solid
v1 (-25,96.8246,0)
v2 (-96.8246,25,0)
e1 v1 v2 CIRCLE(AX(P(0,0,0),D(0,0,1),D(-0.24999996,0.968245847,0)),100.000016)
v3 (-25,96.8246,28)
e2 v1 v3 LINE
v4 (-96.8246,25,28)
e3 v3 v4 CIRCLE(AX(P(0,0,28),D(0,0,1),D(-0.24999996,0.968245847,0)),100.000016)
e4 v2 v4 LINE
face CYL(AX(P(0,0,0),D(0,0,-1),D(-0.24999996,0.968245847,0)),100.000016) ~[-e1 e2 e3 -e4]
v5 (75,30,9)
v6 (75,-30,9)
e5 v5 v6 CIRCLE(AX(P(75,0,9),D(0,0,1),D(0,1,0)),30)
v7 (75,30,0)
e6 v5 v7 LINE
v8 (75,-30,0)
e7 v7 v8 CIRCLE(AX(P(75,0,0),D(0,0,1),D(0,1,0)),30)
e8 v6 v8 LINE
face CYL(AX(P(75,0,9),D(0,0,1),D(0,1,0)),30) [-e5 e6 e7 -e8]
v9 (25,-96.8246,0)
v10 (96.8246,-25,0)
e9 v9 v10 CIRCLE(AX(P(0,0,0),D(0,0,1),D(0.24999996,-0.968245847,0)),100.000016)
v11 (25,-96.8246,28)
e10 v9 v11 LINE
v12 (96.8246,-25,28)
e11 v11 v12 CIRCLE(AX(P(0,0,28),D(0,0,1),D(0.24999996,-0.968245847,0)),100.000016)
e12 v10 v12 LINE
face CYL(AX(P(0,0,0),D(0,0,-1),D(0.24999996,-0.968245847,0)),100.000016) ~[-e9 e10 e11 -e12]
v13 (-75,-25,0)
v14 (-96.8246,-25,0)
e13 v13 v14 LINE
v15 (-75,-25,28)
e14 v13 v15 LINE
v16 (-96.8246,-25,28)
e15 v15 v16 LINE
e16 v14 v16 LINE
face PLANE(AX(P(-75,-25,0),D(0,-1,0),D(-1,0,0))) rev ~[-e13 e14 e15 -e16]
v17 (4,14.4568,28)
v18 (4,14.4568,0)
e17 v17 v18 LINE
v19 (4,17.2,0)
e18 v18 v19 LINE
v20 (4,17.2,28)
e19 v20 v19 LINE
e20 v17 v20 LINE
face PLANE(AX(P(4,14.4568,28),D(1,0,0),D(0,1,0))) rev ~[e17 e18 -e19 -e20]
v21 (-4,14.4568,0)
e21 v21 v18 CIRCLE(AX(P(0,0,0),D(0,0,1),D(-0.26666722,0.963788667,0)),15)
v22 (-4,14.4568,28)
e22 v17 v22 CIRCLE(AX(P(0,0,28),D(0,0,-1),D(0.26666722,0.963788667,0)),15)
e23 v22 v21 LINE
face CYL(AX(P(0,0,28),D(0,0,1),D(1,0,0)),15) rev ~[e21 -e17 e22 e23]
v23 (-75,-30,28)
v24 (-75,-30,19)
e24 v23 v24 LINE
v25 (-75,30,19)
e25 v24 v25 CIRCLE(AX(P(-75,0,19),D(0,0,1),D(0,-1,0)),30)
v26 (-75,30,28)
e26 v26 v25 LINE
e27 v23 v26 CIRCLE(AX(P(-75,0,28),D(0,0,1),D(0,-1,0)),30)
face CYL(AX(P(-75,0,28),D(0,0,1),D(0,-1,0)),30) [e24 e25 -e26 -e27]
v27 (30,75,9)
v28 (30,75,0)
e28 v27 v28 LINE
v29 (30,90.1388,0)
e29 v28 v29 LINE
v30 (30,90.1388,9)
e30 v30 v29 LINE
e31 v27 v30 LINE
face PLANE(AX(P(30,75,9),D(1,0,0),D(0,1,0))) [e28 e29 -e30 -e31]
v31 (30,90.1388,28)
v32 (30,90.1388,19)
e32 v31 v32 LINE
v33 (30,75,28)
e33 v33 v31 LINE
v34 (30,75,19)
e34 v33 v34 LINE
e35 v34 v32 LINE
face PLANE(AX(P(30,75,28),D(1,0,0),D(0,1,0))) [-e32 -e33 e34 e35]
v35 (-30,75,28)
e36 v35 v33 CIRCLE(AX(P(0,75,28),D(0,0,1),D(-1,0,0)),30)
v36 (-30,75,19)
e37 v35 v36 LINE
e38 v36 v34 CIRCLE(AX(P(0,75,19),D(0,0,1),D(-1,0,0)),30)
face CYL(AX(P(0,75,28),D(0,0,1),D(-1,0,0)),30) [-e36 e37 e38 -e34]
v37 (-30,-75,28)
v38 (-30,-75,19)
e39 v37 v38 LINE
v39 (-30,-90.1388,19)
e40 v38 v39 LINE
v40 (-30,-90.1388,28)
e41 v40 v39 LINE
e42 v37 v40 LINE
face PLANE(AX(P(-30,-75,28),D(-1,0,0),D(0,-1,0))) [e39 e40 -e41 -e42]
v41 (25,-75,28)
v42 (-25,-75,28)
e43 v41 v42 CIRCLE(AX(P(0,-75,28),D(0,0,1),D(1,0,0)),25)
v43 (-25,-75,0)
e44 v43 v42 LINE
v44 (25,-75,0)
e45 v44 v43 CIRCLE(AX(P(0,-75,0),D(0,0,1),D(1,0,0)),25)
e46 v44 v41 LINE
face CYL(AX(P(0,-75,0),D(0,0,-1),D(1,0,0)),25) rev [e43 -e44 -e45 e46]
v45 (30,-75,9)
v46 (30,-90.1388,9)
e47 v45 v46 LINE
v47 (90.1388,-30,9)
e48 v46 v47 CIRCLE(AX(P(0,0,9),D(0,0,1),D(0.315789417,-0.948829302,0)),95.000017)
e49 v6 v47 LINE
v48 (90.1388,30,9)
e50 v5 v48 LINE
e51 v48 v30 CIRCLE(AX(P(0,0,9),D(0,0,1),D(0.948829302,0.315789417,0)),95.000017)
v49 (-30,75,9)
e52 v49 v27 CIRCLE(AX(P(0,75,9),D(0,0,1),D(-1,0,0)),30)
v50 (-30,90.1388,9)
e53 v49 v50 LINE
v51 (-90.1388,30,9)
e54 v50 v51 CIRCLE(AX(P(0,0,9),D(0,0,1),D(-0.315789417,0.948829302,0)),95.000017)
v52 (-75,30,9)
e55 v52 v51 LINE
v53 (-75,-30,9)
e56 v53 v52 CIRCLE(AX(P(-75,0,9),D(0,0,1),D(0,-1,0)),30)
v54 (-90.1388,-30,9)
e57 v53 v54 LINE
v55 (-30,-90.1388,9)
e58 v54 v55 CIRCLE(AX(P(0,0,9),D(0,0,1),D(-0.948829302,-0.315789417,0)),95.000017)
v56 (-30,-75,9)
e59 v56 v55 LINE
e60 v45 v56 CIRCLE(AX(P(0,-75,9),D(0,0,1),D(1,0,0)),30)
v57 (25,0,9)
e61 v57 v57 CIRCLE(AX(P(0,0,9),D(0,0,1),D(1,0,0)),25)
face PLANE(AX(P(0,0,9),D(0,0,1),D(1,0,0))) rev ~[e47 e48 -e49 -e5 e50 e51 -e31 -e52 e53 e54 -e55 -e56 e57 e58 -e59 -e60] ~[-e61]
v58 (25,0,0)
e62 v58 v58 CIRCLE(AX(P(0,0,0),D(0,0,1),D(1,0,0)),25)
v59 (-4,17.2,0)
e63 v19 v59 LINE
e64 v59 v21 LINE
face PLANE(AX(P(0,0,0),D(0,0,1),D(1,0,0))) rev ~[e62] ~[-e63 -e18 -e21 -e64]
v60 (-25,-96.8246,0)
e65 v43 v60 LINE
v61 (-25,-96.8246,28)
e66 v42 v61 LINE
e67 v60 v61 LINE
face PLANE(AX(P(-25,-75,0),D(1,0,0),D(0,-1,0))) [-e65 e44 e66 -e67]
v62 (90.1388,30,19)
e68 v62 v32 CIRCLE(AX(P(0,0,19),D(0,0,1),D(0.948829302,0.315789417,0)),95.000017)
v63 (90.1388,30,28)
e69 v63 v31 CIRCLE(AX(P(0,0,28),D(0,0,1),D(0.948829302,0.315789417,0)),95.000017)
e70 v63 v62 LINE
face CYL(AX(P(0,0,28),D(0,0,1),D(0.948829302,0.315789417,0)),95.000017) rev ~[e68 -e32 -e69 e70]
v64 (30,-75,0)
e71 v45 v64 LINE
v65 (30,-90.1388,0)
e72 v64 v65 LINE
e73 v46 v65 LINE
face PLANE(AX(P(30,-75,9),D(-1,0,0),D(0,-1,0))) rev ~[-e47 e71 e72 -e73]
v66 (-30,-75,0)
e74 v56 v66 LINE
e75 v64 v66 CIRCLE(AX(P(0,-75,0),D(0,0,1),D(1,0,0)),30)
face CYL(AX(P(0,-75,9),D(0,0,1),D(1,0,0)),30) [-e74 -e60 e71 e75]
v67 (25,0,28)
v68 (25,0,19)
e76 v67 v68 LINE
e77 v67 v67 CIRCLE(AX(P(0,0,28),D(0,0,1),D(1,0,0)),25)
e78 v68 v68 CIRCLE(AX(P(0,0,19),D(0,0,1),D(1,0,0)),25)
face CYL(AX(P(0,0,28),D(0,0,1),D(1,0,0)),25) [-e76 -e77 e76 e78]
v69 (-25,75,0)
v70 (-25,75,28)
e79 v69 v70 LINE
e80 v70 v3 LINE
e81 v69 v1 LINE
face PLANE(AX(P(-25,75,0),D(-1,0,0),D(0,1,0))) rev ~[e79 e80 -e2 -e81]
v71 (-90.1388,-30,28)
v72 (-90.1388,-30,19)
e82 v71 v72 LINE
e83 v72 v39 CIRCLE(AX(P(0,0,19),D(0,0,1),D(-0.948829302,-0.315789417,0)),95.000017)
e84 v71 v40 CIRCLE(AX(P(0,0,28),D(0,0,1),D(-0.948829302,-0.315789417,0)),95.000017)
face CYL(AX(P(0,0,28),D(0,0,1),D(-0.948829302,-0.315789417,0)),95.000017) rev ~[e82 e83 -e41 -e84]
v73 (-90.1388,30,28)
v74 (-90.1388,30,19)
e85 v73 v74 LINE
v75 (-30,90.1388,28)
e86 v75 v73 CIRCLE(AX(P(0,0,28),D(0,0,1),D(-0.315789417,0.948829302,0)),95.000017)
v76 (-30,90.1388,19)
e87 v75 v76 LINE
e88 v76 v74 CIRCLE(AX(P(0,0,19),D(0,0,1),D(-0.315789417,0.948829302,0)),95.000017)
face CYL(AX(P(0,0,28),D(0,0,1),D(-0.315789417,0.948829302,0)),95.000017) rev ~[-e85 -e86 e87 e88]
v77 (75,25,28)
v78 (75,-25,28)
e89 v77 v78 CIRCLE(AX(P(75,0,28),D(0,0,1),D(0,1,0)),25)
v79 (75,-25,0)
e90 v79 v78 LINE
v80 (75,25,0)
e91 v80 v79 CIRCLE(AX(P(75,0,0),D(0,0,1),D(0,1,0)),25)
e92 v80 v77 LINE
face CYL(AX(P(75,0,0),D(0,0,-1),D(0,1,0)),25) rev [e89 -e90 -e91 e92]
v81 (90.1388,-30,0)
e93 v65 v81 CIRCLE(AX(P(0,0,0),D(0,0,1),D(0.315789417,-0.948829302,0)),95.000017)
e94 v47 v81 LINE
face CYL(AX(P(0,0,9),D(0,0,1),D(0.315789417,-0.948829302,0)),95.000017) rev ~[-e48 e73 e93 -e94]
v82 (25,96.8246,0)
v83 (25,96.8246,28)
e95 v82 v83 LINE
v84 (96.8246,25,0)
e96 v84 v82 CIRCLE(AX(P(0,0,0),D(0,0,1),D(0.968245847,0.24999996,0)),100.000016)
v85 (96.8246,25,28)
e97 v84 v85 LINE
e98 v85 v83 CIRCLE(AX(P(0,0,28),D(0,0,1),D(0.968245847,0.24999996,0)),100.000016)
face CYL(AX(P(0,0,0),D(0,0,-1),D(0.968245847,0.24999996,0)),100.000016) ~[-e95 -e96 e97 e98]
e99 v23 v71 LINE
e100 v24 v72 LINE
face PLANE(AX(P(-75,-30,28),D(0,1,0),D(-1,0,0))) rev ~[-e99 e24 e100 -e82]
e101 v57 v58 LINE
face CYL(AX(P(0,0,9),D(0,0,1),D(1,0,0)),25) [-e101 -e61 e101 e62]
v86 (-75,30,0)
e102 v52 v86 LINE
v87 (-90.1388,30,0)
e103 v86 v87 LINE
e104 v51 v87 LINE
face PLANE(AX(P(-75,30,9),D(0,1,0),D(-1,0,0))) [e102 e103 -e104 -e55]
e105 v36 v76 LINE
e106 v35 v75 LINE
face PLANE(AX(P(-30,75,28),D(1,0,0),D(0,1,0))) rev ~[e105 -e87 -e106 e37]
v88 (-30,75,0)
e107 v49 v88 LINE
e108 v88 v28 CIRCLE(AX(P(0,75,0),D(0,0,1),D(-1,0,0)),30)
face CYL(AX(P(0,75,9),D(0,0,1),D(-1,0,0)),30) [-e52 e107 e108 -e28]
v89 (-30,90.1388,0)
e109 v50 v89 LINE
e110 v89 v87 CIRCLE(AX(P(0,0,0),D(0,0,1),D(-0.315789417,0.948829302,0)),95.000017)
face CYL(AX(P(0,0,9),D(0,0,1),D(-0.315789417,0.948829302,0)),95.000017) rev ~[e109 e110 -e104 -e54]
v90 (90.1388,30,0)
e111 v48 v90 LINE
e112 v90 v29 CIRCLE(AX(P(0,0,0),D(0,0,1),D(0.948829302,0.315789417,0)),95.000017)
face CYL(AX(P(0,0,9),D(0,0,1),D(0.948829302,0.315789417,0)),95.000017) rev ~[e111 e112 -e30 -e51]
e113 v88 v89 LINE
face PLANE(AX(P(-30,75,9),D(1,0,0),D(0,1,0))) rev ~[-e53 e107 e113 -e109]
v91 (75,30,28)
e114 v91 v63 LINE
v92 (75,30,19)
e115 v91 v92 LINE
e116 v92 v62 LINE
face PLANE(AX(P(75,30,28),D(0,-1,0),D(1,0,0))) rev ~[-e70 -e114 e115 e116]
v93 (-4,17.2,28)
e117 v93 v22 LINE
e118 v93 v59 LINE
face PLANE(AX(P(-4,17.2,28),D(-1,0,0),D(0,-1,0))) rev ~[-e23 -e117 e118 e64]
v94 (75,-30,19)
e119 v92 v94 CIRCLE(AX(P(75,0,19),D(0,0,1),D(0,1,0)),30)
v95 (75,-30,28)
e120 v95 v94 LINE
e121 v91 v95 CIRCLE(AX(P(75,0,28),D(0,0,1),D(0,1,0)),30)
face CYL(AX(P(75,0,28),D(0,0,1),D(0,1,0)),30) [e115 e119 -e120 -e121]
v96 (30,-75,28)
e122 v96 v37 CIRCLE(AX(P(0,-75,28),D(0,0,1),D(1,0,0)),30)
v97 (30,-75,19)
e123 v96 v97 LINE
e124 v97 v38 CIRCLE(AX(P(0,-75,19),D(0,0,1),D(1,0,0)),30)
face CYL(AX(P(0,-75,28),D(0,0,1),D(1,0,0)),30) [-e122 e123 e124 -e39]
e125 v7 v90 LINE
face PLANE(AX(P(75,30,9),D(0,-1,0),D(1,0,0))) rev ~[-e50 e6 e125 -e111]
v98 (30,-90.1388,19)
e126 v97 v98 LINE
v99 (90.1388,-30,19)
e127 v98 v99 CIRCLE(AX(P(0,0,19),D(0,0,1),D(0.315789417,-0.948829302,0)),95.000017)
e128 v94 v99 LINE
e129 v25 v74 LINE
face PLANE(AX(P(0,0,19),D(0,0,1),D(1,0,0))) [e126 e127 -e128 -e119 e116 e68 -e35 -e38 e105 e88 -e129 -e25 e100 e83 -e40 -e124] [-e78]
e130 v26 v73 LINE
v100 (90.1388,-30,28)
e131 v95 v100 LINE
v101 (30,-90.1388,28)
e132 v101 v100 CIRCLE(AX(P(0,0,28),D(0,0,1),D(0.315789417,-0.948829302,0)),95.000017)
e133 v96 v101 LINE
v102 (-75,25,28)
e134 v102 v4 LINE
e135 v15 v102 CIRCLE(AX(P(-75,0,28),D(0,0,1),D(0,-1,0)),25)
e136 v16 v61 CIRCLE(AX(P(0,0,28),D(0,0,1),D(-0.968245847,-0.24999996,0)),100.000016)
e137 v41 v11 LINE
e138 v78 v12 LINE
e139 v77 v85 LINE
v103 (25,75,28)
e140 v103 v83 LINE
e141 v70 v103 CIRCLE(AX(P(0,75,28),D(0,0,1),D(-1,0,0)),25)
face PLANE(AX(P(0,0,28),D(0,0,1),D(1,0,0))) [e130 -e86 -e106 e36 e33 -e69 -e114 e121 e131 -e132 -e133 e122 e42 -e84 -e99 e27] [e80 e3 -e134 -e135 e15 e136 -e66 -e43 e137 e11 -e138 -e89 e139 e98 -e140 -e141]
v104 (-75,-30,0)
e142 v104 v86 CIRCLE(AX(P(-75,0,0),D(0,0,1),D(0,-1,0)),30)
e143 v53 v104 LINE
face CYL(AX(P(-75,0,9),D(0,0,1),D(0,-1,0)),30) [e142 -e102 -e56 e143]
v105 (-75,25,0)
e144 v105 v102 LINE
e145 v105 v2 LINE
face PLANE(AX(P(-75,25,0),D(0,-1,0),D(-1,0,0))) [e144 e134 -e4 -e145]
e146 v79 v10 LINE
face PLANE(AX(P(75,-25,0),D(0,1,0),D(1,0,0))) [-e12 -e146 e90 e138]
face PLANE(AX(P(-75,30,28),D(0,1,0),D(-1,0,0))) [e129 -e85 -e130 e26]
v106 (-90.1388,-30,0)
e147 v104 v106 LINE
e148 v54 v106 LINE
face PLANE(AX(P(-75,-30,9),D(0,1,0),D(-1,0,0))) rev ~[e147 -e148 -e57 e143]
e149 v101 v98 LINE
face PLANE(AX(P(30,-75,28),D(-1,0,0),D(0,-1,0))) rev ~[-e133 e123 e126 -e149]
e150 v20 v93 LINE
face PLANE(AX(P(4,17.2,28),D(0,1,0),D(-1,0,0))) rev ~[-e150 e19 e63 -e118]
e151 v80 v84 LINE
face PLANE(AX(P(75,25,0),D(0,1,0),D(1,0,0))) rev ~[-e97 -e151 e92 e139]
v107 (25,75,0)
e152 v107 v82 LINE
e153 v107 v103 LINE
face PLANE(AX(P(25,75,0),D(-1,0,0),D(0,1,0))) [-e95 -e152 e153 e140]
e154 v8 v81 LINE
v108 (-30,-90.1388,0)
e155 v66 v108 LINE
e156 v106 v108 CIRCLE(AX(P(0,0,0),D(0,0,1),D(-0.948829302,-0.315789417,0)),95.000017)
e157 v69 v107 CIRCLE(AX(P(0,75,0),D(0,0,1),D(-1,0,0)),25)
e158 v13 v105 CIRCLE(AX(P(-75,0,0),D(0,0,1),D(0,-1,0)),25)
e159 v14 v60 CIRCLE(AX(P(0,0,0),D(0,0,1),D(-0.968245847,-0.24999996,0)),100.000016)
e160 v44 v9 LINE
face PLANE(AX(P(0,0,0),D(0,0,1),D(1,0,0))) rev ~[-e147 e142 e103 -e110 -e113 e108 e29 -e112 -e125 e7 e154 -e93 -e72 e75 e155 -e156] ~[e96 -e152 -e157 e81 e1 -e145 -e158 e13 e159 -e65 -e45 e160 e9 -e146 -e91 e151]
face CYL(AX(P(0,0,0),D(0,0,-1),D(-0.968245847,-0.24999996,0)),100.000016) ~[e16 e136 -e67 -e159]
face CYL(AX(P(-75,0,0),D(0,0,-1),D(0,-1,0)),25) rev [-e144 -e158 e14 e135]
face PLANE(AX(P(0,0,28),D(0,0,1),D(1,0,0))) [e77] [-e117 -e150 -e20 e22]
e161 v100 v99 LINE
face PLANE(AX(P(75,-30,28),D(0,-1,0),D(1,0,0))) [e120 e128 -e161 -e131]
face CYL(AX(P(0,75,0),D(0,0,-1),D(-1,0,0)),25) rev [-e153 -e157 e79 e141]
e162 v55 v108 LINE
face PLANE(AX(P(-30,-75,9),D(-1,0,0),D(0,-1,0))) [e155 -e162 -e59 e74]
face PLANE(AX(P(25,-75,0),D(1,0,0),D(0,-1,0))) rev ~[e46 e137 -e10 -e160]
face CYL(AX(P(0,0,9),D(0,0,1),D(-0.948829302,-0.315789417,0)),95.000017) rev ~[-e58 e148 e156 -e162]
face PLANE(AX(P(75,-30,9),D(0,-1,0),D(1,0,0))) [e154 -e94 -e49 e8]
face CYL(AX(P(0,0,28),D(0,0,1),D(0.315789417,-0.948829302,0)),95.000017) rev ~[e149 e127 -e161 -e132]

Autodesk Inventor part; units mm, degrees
ref_plane "YZ Plane" through (0, 0, 0) normal (1, 0, 0) x (0, 1, 0)
ref_plane "XZ Plane" through (0, 0, 0) normal (0, 1, 0) x (-1, 0, 0)
ref_plane "XY Plane" through (0, 0, 0) normal (0, 0, 1) x (1, 0, 0)
sketch "草图1" plane through (0, 0, 0) normal (0, 0, 1) x (1, 0, 0)
  arc A0 (25, -75) -> (-25, -75) centre (0, -75) ccw
  line L0 (-25, -75) -> (-25, -96.8246)
  line L1 (25, -75) -> (25, -96.8246)
  line L2 (0, 0) -> (9.4022, 0)
  line L3 (0, 0) -> (0, -9.3611)
  arc A1 (75, 25) -> (75, -25) centre (75, 0) ccw
  line L4 (75, -25) -> (96.8246, -25)
  line L5 (75, 25) -> (96.8246, 25)
  arc A2 (-25, 75) -> (25, 75) centre (0, 75) ccw
  line L6 (25, 75) -> (25, 96.8246)
  line L7 (-25, 75) -> (-25, 96.8246)
  arc A3 (-75, -25) -> (-75, 25) centre (-75, 0) ccw
  line L8 (-75, 25) -> (-96.8246, 25)
  line L9 (-75, -25) -> (-96.8246, -25)
  arc A4 (-25, 96.8246) -> (-96.8246, 25) centre (0, 0) ccw
  arc A5 (96.8246, 25) -> (25, 96.8246) centre (0, 0) ccw
  arc A6 (-96.8246, -25) -> (-25, -96.8246) centre (0, 0) ccw
  arc A7 (25, -96.8246) -> (96.8246, -25) centre (0, 0) ccw
  dimension "d0" = 50
  dimension "d2" = 9.4022
  dimension "d3" = 9.3611
  dimension "d6" = 360
  dimension "d12" = 100
extrude "拉伸1" add sketch "草图1" along normal blind 28
sketch "草图2" plane through (0, 0, 28) normal (0, 0, 1) x (1, 0, 0)
  circle A0 centre (0, 0) radius 25
  arc A1 (30, -75) -> (-30, -75) centre (0, -75) ccw
  arc A2 (25, -75) -> (-25, -75) centre (0, -75) ccw projected
  line L0 (30, -75) -> (30, -90.1388)
  line L1 (-30, -75) -> (-30, -90.1388)
  arc A3 (75, 30) -> (75, -30) centre (75, 0) ccw
  line L2 (75, 30) -> (90.1388, 30)
  line L3 (75, -30) -> (90.1388, -30)
  arc A4 (-30, 75) -> (30, 75) centre (0, 75) ccw
  line L4 (-30, 75) -> (-30, 90.1388)
  line L5 (30, 75) -> (30, 90.1388)
  arc A5 (-75, -30) -> (-75, 30) centre (-75, 0) ccw
  line L6 (-75, -30) -> (-90.1388, -30)
  line L7 (-75, 30) -> (-90.1388, 30)
  arc A6 (-90.1388, -30) -> (-30, -90.1388) centre (0, 0) ccw
  arc A7 (-30, 90.1388) -> (-90.1388, 30) centre (0, 0) ccw
  arc A8 (30, -90.1388) -> (90.1388, -30) centre (0, 0) ccw
  arc A9 (90.1388, 30) -> (30, 90.1388) centre (0, 0) ccw
  dimension "d15" = 50
  dimension "d17" = 5
  dimension "d20" = 360
  dimension "d22" = 95
extrude "拉伸2" cut sketch "草图2" against normal blind 9
pattern_linear "矩形阵列1" count 2 spacing 19 along (0, 0, -1) of "拉伸2"
sketch "草图3" plane through (0, 0, 28) normal (0, 0, 1) x (1, 0, 0)
  circle A0 centre (0, 0) radius 15
  line L0 (-4, 14.4568) -> (4, 14.4568)
  line L1 (4, 14.4568) -> (4, 17.2)
  line L2 (4, 17.2) -> (-4, 17.2)
  line L3 (-4, 17.2) -> (-4, 14.4568)
  dimension "d28" = 30
  dimension "d29" = 17.2
  dimension "d30" = 8
extrude "拉伸3" cut sketch "草图3" against normal blind 28
properties part number "基准图-装填桶"
